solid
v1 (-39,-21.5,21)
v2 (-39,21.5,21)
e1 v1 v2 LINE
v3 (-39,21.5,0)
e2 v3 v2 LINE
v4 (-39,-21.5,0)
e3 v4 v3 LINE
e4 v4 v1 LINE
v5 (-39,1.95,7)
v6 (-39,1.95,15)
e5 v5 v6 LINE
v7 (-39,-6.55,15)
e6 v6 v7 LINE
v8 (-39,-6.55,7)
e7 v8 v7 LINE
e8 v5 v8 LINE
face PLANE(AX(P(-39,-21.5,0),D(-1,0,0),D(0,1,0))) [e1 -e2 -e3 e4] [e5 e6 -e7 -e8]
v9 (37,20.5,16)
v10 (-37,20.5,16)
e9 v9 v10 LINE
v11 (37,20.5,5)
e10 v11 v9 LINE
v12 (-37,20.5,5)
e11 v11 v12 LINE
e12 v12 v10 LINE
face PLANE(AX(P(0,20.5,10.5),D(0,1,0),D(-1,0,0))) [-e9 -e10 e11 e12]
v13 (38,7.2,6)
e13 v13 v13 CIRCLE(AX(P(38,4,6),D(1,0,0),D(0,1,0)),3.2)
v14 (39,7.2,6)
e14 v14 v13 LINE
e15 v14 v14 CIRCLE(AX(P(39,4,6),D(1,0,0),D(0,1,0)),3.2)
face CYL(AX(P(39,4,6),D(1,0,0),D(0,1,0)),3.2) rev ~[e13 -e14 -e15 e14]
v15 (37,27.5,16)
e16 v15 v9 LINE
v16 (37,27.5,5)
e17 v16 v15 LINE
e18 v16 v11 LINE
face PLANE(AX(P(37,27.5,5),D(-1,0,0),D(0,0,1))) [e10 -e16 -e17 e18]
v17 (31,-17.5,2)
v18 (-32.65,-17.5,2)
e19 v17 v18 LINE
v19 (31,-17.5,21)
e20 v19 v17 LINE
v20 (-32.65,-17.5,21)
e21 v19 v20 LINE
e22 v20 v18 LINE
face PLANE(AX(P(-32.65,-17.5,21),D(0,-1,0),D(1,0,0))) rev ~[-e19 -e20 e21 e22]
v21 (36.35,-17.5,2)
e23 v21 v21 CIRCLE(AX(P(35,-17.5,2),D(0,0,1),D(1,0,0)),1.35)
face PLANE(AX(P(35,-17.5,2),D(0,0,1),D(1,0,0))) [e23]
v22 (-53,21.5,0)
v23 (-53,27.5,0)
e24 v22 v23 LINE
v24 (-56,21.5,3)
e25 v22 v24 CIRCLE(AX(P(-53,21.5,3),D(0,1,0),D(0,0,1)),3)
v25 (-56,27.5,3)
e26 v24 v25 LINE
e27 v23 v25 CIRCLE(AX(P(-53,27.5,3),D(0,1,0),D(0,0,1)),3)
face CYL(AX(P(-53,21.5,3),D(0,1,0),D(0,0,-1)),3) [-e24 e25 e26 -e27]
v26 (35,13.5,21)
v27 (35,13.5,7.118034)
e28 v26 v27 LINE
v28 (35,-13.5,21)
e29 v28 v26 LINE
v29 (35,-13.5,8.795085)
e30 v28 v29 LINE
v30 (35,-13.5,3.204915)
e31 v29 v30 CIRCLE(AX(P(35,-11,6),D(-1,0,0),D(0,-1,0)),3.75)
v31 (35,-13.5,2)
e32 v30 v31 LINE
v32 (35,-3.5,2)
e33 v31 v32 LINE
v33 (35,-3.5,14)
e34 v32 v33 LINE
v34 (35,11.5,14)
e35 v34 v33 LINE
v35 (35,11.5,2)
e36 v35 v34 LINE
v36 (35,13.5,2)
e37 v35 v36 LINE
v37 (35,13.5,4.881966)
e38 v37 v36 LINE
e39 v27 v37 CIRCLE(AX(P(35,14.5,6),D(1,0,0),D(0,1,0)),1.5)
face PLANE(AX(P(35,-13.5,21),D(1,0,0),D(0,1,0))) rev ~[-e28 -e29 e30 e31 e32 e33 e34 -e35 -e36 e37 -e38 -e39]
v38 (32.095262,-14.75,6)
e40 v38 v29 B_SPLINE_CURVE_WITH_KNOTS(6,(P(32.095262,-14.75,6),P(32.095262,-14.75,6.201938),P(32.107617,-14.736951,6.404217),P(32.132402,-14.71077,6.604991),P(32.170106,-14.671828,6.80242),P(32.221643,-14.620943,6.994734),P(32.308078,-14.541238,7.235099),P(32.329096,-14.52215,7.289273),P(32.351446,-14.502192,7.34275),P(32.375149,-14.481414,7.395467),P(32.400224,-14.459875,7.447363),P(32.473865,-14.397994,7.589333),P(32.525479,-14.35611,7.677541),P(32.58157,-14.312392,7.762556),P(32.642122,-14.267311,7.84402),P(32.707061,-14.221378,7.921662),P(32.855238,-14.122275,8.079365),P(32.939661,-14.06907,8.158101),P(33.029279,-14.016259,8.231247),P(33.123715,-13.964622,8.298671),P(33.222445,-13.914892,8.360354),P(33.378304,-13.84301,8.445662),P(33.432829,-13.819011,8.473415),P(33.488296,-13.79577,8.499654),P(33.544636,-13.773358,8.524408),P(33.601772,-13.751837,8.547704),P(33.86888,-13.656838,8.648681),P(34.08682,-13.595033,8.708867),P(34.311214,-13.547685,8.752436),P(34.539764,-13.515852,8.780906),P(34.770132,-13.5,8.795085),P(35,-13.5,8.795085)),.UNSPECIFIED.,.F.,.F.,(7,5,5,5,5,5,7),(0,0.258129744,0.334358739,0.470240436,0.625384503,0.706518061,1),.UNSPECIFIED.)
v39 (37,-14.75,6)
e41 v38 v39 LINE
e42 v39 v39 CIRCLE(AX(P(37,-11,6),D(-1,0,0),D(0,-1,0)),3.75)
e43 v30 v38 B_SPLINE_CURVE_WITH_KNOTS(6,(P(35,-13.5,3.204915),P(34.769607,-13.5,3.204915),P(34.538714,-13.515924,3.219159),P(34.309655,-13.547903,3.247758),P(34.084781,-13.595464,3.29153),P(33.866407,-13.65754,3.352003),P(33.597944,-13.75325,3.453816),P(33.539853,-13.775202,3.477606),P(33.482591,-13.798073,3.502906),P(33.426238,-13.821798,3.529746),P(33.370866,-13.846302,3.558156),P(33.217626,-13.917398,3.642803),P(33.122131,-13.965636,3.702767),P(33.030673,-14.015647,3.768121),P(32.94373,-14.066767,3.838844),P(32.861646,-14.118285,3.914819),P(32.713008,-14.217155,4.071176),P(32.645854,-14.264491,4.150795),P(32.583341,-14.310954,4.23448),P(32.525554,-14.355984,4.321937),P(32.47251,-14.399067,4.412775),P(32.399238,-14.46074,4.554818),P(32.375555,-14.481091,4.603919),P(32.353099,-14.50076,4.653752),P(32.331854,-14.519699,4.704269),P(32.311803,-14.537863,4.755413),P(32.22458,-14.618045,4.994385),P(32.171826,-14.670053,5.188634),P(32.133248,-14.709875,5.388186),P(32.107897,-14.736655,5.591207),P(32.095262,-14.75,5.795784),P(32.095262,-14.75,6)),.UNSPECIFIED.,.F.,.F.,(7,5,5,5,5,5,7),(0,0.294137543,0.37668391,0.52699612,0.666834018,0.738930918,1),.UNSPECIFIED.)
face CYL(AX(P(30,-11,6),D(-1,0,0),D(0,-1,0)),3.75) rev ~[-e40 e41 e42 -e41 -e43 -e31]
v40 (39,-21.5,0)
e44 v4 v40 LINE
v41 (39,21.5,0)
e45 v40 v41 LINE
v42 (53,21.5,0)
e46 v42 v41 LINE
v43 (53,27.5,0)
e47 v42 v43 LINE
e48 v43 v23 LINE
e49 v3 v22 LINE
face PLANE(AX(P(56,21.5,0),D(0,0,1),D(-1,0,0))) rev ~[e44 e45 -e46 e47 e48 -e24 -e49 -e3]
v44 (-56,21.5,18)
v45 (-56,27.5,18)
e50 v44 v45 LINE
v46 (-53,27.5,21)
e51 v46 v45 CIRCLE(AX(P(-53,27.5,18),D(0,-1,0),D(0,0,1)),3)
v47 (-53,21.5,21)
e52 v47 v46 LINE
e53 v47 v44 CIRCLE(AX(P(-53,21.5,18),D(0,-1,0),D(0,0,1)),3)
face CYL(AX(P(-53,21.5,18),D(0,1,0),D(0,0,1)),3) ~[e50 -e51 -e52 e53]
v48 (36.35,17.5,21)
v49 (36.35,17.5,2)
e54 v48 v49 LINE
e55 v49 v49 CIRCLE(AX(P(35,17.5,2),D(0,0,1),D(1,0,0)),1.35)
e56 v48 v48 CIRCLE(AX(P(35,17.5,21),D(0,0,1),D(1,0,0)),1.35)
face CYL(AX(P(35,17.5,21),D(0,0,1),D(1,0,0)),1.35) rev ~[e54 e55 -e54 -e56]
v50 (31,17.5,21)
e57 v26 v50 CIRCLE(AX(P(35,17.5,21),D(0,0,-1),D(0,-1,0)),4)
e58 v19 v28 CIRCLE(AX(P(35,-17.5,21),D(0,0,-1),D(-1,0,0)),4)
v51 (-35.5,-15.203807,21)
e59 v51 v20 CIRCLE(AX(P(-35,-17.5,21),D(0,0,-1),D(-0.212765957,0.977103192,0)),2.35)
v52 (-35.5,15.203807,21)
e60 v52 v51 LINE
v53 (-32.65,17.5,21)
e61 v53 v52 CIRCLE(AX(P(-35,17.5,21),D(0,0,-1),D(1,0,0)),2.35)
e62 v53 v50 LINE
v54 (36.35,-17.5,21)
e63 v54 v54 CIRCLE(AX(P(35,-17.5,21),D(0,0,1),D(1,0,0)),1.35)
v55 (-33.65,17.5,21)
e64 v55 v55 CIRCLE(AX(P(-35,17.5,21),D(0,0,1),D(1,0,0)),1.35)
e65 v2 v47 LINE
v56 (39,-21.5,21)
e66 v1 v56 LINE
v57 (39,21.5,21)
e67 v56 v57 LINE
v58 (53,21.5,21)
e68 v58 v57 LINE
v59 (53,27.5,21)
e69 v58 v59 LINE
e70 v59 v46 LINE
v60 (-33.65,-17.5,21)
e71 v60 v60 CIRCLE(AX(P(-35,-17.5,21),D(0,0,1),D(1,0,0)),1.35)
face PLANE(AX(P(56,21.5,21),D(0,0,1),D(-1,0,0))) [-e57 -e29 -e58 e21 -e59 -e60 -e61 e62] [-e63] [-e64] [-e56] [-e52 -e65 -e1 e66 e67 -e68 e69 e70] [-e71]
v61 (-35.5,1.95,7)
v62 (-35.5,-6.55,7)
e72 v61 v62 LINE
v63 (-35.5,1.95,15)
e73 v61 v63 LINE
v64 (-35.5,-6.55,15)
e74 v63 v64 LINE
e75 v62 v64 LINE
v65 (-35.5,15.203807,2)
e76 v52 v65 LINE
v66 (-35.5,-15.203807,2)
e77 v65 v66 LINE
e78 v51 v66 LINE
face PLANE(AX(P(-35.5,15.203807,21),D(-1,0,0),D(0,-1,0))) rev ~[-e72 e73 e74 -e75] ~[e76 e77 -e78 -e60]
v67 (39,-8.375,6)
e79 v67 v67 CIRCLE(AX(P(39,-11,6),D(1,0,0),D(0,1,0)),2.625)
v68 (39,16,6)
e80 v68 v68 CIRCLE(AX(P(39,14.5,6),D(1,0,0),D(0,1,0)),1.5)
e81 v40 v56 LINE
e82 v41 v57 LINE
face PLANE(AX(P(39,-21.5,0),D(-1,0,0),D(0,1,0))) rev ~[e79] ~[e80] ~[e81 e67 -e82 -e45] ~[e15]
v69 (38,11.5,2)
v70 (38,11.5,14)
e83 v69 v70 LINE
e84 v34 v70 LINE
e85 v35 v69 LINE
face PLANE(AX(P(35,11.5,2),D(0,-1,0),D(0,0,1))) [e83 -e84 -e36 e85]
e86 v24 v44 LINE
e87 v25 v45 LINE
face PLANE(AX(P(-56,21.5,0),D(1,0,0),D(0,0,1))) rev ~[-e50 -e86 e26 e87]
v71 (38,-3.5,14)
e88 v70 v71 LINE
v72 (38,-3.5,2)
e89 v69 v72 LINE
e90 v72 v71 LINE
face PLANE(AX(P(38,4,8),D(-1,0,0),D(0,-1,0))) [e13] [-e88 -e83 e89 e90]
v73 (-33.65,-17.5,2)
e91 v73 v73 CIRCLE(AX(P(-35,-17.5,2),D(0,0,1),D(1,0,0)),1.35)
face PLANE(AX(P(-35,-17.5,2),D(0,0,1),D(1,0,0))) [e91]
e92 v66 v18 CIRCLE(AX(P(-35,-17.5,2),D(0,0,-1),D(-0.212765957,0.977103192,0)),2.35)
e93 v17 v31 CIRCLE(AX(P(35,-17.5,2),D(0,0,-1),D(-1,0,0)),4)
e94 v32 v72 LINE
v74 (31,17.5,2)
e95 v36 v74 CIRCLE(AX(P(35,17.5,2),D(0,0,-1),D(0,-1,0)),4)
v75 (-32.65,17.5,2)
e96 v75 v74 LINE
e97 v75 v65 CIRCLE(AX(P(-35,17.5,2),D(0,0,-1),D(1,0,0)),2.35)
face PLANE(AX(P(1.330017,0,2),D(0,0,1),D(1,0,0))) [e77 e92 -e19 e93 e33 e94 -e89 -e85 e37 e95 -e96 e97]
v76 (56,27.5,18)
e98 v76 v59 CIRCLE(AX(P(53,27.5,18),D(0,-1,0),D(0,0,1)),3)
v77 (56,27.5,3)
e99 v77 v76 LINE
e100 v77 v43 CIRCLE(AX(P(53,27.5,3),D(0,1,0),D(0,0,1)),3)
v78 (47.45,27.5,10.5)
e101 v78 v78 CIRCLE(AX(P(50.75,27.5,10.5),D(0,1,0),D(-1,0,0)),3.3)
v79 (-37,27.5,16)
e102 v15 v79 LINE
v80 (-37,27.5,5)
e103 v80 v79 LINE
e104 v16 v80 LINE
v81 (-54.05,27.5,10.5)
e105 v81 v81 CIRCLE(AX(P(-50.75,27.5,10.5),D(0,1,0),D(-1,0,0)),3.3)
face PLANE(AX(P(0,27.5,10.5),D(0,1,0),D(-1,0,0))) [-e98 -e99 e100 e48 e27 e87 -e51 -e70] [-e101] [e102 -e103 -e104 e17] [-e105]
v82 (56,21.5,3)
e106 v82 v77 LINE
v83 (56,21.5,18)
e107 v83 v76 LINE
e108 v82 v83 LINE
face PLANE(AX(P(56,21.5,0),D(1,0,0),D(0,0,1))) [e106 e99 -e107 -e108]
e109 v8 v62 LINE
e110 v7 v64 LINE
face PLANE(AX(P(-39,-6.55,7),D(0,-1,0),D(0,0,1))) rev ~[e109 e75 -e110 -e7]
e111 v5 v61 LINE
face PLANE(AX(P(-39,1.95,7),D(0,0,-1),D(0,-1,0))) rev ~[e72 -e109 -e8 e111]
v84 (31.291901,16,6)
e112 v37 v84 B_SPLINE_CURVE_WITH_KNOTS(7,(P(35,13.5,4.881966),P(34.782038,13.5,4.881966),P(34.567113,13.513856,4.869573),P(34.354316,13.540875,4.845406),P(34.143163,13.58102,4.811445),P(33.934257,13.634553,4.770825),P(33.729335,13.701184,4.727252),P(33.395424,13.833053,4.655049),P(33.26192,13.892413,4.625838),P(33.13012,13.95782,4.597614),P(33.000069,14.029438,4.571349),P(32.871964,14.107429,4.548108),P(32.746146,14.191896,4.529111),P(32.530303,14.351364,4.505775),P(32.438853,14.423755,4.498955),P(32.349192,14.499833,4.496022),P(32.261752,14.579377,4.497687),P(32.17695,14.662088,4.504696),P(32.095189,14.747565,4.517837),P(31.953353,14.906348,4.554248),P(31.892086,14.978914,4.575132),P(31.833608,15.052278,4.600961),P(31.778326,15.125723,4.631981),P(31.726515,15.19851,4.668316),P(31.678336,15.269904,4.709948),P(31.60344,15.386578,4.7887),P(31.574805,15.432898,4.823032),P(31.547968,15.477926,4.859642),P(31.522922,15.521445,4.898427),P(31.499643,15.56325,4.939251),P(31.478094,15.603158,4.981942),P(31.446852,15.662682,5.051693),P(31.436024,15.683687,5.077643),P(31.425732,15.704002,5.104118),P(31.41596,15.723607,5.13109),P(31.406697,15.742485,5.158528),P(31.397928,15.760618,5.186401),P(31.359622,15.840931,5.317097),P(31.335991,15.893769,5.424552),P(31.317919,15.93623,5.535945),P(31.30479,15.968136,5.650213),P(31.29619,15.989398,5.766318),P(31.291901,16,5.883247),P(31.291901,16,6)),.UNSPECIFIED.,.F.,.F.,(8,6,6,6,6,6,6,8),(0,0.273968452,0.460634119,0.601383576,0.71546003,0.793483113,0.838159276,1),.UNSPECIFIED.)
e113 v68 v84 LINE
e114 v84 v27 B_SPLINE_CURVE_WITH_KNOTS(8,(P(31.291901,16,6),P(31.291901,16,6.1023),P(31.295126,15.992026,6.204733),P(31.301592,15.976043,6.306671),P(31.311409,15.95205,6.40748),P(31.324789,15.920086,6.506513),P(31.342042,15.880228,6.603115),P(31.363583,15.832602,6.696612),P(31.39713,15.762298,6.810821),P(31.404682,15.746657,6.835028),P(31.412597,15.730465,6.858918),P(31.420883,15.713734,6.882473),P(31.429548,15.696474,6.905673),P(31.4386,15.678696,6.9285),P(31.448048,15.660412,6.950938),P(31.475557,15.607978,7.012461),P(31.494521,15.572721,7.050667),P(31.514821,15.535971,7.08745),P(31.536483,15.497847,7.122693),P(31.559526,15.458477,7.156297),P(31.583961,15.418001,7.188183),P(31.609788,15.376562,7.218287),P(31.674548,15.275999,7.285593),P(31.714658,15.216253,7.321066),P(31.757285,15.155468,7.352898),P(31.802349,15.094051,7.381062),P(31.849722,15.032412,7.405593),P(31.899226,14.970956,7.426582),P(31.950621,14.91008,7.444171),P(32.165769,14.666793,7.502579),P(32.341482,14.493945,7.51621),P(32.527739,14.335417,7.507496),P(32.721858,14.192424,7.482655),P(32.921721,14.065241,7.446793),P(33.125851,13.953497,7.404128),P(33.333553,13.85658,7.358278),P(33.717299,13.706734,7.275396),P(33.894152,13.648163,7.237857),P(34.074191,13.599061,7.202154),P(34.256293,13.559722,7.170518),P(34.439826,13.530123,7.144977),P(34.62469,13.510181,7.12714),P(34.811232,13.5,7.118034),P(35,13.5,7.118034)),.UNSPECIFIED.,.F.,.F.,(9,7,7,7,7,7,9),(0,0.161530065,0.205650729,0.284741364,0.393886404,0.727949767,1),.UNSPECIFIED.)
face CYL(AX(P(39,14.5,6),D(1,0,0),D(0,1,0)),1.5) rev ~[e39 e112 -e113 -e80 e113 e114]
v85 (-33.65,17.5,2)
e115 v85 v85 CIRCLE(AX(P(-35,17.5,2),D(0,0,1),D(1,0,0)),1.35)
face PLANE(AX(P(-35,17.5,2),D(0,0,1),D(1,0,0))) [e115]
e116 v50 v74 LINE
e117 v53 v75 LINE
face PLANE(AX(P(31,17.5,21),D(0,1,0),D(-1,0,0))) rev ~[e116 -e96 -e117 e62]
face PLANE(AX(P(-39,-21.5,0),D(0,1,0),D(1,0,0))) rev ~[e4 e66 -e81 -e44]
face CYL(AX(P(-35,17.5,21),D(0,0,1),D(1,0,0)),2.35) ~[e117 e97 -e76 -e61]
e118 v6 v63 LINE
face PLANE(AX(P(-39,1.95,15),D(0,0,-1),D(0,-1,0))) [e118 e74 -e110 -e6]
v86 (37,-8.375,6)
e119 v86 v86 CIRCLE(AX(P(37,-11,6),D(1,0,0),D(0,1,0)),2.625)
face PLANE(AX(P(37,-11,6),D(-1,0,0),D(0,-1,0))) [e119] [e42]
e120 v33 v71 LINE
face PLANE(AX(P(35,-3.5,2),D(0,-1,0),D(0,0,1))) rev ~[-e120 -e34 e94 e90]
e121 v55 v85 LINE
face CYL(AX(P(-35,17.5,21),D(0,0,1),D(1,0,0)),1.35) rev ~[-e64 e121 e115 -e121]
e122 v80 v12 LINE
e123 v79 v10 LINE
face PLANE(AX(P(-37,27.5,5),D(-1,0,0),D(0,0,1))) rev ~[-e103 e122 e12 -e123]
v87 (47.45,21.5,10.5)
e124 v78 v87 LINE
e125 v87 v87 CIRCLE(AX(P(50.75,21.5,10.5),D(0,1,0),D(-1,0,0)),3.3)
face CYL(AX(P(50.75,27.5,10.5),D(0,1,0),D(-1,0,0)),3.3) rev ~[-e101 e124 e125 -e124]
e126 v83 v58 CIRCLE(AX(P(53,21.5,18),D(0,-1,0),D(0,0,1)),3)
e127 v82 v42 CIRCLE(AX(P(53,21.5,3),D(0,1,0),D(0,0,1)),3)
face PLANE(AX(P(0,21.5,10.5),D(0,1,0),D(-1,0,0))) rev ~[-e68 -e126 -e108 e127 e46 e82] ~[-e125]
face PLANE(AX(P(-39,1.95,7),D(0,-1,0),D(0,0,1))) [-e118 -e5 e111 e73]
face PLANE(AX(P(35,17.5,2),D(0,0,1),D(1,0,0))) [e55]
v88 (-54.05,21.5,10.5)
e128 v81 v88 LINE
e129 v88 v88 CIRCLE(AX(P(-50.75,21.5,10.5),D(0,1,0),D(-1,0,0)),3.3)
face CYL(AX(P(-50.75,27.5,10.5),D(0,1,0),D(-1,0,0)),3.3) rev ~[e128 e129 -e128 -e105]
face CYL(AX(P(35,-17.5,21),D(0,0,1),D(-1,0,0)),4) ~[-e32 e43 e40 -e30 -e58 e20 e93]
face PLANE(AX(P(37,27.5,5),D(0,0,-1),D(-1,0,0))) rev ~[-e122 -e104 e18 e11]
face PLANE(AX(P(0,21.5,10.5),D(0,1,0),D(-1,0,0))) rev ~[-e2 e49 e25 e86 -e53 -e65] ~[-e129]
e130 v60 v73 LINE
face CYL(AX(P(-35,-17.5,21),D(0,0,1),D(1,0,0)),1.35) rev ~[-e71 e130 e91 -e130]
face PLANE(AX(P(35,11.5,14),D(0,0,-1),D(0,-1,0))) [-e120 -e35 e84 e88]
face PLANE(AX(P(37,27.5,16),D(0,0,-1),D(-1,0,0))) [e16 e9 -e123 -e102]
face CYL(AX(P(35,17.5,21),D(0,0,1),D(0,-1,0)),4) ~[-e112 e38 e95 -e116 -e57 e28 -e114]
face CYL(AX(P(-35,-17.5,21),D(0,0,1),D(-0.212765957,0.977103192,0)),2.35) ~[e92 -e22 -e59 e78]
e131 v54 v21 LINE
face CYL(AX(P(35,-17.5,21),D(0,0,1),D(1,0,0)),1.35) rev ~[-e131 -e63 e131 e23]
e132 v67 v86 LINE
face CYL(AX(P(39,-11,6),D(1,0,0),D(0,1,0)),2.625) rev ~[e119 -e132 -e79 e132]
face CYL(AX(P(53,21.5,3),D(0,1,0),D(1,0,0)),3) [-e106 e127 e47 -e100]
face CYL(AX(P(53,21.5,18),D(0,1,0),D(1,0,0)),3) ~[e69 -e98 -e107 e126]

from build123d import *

# Parameters (mm, degrees)
F0_W      = 78
F0_H      = 43
F1_DEPTH  = 21
F2_R      = 1.35
F3_DEPTH  = 19
F5_DEPTH  = 19
F7_R      = 3.2
F7_R_2    = 1.5
F7_R_3    = 2.625
F8_DEPTH  = 10
F9_W      = 112
F9_H      = 21
F10_DEPTH = 6
F11_R     = 3.3
F12_DEPTH = 49.001
F13_R     = 3
F14_W     = 15
F14_H     = 12
F15_DEPTH = 3
F16_W     = 74
F16_H     = 11
F17_DEPTH = 7
F19_R     = 3.75
F20_DEPTH = 7
F22_W     = 8.5
F22_H     = 8
F23_DEPTH = 3.5


with BuildPart() as f1:
    # F0 (on Top) → F1 (new body)
    with BuildSketch(Plane.XY):
        Rectangle(F0_W, F0_H)
    extrude(amount=F1_DEPTH)

    # F2 (on face) → F3 (cut)
    with BuildSketch(Plane.XY.offset(21)):
        with BuildLine():
            Line((31, 17.5), (-31, 17.5))
            Line((-31, 17.5), (-31, -17.5))
            Line((-31, -17.5), (31, -17.5))
            ThreePointArc((31, -17.5), (32.1715728753, -14.6715728753), (35, -13.5))
            Line((35, -13.5), (35, 13.5))
            ThreePointArc((35, 13.5), (32.1715728753, 14.6715728753), (31, 17.5))
        make_face()
        with Locations((-35, 17.5)):
            Circle(F2_R)
        with Locations((35, 17.5)):
            Circle(F2_R)
        with Locations((-35, -17.5)):
            Circle(F2_R)
        with Locations((35, -17.5)):
            Circle(F2_R)
    extrude(amount=-F3_DEPTH, mode=Mode.SUBTRACT)

    # F4 (on face) → F5 (cut)
    with BuildSketch(Plane.XY.offset(21)):
        with BuildLine():
            ThreePointArc((-32.65, 17.5), (-33.5256357302, 15.6700409841), (-35.5, 15.2038074994))
            Line((-35.5, 15.2038074994), (-35.5, -15.2038074994))
            ThreePointArc((-35.5, -15.2038074994), (-33.5256357302, -15.6700409841), (-32.65, -17.5))
            Line((-32.65, -17.5), (-31, -17.5))
            Line((-31, -17.5), (-31, 17.5))
            Line((-31, 17.5), (-32.65, 17.5))
        make_face()
    extrude(amount=-F5_DEPTH, mode=Mode.SUBTRACT)

    # F7 (on face) → F8 (cut)
    with BuildSketch(Plane.YZ.offset(39)):
        with Locations((4, 6)):
            Circle(F7_R)
        with Locations((14.5, 6)):
            Circle(F7_R_2)
        with Locations((-11, 6)):
            Circle(F7_R_3)
    extrude(amount=-F8_DEPTH, mode=Mode.SUBTRACT)

    # F9 (on face) → F10 (join)
    with BuildSketch(Plane(origin=(0, 21.5, 0), x_dir=(-1, 0, 0), z_dir=(0, 1, 0))):
        with Locations((0, 10.5)):
            Rectangle(F9_W, F9_H)
    extrude(amount=F10_DEPTH)

    # F11 (on face) → F12 (cut, through all)
    with BuildSketch(Plane(origin=(0, 27.5, 0), x_dir=(-1, 0, 0), z_dir=(0, 1, 0))):
        with Locations((50.75, 10.5)):
            Circle(F11_R)
        with Locations((-50.75, 10.5)):
            Circle(F11_R)
    extrude(amount=-F12_DEPTH, mode=Mode.SUBTRACT)

    # F13
    f13_edges = [f1.edges().sort_by_distance(p)[0] for p in [
        (56, 24.5, 21),
        (56, 24.5, 0),
        (-56, 24.5, 0),
        (-56, 24.5, 21),
    ]]
    fillet(f13_edges, radius=F13_R)

    # F14 (on face) → F15 (cut)
    with BuildSketch(Plane(origin=(35, 0, 0), x_dir=(0, -1, 0), z_dir=(-1, 0, 0))):
        with Locations((-4, 8)):
            Rectangle(F14_W, F14_H)
    extrude(amount=-F15_DEPTH, mode=Mode.SUBTRACT)

    # F16 (on face) → F17 (cut)
    with BuildSketch(Plane(origin=(0, 27.5, 0), x_dir=(-1, 0, 0), z_dir=(0, 1, 0))):
        with Locations((0, 10.5)):
            Rectangle(F16_W, F16_H)
    extrude(amount=-F17_DEPTH, mode=Mode.SUBTRACT)

    # F19 (on offset) → F20 (cut)
    with BuildSketch(Plane(origin=(30, 0, 0), x_dir=(0, -1, 0), z_dir=(-1, 0, 0))):
        with Locations((11, 6)):
            Circle(F19_R)
    extrude(amount=-F20_DEPTH, mode=Mode.SUBTRACT)

    # F22 (on face) → F23 (cut, through all)
    with BuildSketch(Plane(origin=(-39, 0, 0), x_dir=(0, -1, 0), z_dir=(-1, 0, 0))):
        with Locations((2.3, 11)):
            Rectangle(F22_W, F22_H)
    extrude(amount=-F23_DEPTH, mode=Mode.SUBTRACT)


solid = f1.part
